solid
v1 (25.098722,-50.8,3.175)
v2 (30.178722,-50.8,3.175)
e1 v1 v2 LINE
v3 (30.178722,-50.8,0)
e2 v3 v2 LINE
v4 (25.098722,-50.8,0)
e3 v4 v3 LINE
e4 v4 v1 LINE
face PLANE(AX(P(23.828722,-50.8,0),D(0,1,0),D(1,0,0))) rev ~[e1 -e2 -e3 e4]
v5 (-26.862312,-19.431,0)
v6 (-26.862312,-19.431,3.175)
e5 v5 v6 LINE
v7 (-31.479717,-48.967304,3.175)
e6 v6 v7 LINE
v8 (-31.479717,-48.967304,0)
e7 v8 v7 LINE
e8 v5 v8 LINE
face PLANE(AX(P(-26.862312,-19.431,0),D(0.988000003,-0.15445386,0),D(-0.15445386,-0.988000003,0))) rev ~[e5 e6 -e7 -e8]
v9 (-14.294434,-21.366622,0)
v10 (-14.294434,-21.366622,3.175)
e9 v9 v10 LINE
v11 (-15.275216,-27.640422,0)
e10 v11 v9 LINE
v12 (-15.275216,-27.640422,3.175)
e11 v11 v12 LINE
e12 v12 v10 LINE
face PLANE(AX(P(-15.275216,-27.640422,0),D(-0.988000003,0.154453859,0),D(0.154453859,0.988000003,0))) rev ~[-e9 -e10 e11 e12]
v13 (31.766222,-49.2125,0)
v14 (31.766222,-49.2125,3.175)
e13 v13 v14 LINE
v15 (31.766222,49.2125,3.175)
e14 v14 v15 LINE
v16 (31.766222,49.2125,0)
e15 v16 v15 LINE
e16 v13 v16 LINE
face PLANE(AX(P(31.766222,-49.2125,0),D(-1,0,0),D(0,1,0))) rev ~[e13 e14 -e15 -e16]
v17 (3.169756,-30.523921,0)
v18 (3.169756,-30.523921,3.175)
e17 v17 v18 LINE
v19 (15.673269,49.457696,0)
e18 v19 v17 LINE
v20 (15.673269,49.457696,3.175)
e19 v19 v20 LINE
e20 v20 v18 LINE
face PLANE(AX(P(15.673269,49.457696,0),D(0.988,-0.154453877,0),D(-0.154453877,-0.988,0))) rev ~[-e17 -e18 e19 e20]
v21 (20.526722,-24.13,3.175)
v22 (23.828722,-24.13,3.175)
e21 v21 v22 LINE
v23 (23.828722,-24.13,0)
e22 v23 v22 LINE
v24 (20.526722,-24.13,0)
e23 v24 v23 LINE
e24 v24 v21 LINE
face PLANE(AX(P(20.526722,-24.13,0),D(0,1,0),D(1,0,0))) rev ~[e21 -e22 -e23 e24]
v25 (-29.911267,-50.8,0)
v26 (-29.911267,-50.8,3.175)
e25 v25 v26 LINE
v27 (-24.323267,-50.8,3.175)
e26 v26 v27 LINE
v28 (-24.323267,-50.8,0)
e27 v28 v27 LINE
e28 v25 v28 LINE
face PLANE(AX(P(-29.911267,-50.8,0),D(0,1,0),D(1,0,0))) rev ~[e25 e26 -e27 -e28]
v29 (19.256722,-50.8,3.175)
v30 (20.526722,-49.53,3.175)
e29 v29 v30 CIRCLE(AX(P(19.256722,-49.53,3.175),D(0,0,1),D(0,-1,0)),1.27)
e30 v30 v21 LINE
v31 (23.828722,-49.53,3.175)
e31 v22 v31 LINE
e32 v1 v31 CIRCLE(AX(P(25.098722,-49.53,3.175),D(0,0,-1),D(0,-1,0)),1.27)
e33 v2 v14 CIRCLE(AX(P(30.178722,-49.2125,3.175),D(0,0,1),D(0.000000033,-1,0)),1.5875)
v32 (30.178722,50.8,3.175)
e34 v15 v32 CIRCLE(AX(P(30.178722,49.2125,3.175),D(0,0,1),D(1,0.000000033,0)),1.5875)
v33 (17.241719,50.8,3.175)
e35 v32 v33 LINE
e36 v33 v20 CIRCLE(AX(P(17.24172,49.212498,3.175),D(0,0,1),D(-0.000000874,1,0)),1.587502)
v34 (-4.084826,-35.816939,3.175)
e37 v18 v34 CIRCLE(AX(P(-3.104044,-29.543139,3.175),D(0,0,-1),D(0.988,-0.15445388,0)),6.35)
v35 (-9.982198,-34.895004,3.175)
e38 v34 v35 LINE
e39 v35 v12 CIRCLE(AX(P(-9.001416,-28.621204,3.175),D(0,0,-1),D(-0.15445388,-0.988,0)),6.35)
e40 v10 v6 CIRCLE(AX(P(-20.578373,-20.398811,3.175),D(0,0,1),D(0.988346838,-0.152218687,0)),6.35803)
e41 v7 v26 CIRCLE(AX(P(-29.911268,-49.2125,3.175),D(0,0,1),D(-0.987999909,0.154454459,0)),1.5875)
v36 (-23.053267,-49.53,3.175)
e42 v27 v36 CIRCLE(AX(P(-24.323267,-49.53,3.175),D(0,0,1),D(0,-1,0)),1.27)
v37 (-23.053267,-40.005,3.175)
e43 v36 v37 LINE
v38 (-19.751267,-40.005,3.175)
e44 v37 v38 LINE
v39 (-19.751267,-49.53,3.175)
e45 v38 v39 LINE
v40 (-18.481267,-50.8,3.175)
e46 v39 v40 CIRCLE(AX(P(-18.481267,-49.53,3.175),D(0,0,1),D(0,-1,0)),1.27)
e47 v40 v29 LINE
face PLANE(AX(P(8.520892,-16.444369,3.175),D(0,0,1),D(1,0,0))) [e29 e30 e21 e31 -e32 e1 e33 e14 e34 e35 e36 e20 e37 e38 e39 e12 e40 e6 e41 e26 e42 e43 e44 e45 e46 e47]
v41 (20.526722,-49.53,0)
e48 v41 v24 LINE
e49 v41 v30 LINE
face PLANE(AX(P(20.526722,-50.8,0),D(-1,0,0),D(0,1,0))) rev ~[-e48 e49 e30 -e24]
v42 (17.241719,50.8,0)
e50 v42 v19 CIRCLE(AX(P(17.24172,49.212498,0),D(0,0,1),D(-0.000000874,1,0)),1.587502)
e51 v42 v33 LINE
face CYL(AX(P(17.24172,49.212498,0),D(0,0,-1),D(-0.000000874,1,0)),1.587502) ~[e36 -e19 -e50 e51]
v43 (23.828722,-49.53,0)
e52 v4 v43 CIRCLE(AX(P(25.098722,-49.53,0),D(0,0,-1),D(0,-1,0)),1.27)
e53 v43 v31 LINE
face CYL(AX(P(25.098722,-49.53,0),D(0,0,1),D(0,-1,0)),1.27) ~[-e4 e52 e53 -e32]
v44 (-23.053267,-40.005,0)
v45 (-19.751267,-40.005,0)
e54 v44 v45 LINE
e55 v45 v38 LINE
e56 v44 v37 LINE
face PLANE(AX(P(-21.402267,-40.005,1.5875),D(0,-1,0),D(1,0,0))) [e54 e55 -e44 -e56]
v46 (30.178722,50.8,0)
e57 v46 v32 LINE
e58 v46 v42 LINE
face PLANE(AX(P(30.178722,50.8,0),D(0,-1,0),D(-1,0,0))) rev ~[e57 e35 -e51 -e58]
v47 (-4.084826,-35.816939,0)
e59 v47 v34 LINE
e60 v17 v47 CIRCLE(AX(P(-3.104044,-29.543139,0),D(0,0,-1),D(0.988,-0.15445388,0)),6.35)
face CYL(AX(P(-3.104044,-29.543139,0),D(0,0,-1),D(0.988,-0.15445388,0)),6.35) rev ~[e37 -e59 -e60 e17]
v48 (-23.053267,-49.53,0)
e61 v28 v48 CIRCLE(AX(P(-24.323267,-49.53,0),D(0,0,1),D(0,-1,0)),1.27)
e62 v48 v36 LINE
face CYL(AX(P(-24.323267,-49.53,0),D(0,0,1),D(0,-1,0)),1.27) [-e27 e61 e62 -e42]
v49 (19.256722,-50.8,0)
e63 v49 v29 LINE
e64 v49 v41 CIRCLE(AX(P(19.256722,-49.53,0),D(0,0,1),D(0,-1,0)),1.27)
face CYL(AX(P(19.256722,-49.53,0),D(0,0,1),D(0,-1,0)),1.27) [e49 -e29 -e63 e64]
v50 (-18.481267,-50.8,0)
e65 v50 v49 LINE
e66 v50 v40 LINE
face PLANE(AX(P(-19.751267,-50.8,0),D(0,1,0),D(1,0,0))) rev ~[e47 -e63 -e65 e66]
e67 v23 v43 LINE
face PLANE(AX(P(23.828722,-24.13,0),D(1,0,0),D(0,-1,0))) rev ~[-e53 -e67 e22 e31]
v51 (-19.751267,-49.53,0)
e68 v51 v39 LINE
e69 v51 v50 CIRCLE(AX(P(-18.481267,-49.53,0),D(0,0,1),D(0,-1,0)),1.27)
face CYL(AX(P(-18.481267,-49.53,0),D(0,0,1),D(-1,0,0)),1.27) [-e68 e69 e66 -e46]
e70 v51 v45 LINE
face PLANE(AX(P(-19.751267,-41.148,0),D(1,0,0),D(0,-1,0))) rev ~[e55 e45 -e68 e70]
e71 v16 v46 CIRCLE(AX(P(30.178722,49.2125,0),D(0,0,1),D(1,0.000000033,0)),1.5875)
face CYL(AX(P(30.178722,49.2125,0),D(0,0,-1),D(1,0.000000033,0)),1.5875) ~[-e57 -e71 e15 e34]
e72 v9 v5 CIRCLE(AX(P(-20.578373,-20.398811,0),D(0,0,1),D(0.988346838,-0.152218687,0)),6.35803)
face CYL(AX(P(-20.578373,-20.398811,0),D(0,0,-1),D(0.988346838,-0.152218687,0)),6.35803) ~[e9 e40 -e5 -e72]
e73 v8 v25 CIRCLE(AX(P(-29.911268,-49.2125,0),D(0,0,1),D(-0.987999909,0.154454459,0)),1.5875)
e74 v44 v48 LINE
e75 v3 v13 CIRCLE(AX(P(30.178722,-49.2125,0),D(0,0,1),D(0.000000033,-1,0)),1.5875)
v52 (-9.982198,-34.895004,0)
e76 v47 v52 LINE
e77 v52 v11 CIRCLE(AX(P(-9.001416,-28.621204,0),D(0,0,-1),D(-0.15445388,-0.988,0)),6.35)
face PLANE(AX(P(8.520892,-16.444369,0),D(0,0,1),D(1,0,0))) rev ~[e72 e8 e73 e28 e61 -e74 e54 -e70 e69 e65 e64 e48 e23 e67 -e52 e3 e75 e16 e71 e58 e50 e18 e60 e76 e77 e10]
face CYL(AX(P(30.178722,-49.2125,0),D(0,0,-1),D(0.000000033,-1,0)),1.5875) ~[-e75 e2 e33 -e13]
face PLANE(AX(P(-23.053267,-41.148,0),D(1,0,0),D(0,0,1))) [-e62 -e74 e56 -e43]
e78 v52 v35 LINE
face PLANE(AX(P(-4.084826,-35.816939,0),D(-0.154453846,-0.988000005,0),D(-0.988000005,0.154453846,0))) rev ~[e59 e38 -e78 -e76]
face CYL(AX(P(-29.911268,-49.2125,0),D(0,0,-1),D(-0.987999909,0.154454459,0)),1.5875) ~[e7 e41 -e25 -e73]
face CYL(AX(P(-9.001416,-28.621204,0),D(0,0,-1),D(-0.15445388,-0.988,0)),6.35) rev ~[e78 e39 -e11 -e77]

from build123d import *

# Parameters (mm, degrees)
F1_DEPTH  = 3.175
F2_R      = 1.27
F1_FACE_W = 3.302
F1_FACE_H = 3.175
F3_DEPTH  = 1.143


with BuildPart() as f1:
    # F0 (on Top) → F1 (new body)
    with BuildSketch(Plane.XY):
        with BuildLine():
            Line((23.828722, -50.8), (30.178722, -50.8))
            ThreePointArc((30.178722, -50.8), (31.301254, -50.335032), (31.766222, -49.2125))
            Line((31.766222, -49.2125), (31.766222, 49.2125))
            ThreePointArc((31.766222, 49.2125), (31.301254, 50.335032), (30.178722, 50.8))
            Line((30.178722, 50.8), (17.241719, 50.8))
            ThreePointArc((17.241719, 50.8), (16.209511, 50.41861), (15.673269, 49.457696))
            Line((15.673269, 49.457696), (3.169756, -30.523921))
            Line((3.169756, -30.523921), (2.188974, -36.797721))
            Line((2.188974, -36.797721), (-4.084826, -35.816939))
            Line((-4.084826, -35.816939), (-9.982198, -34.895004))
            ThreePointArc((-9.982198, -34.895004), (-14.13118, -32.363933), (-15.275216, -27.640422))
            Line((-15.275216, -27.640422), (-14.294434, -21.366622))
            ThreePointArc((-14.294434, -21.366622), (-19.610562, -14.114872), (-26.862312, -19.431))
            Line((-26.862312, -19.431), (-31.479717, -48.967304))
            ThreePointArc((-31.479717, -48.967304), (-31.117378, -50.244708), (-29.911267, -50.8))
            Line((-29.911267, -50.8), (-23.053267, -50.8))
            Line((-23.053267, -50.8), (-23.053267, -41.148))
            Line((-23.053267, -41.148), (-19.751267, -41.148))
            Line((-19.751267, -41.148), (-19.751267, -50.8))
            Line((-19.751267, -50.8), (0, -50.8))
            Line((0, -50.8), (20.526722, -50.8))
            Line((20.526722, -50.8), (20.526722, -24.13))
            Line((20.526722, -24.13), (23.828722, -24.13))
            Line((23.828722, -24.13), (23.828722, -50.8))
        make_face()
        with BuildLine():
            Line((2.188974, -36.797721), (3.169756, -30.523921))
            ThreePointArc((3.169756, -30.523921), (0.638685, -34.672903), (-4.084826, -35.816939))
            Line((-4.084826, -35.816939), (2.188974, -36.797721))
        make_face()
    extrude(amount=F1_DEPTH)

    # F2
    f2_edges = [f1.edges().sort_by_distance(p)[0] for p in [
        (23.828722, -50.8, 1.5875),
        (-19.751267, -50.8, 1.5875),
        (20.526722, -50.8, 1.5875),
        (-23.053267, -50.8, 1.5875),
    ]]
    fillet(f2_edges, radius=F2_R)

    # F1_face (on face) → F3 (cut)
    with BuildSketch(Plane(origin=(-21.402267, -41.148, 1.5875), x_dir=(1, 0, 0), z_dir=(0, -1, 0))):
        Rectangle(F1_FACE_W, F1_FACE_H)
    extrude(amount=-F3_DEPTH, mode=Mode.SUBTRACT)


solid = f1.part
